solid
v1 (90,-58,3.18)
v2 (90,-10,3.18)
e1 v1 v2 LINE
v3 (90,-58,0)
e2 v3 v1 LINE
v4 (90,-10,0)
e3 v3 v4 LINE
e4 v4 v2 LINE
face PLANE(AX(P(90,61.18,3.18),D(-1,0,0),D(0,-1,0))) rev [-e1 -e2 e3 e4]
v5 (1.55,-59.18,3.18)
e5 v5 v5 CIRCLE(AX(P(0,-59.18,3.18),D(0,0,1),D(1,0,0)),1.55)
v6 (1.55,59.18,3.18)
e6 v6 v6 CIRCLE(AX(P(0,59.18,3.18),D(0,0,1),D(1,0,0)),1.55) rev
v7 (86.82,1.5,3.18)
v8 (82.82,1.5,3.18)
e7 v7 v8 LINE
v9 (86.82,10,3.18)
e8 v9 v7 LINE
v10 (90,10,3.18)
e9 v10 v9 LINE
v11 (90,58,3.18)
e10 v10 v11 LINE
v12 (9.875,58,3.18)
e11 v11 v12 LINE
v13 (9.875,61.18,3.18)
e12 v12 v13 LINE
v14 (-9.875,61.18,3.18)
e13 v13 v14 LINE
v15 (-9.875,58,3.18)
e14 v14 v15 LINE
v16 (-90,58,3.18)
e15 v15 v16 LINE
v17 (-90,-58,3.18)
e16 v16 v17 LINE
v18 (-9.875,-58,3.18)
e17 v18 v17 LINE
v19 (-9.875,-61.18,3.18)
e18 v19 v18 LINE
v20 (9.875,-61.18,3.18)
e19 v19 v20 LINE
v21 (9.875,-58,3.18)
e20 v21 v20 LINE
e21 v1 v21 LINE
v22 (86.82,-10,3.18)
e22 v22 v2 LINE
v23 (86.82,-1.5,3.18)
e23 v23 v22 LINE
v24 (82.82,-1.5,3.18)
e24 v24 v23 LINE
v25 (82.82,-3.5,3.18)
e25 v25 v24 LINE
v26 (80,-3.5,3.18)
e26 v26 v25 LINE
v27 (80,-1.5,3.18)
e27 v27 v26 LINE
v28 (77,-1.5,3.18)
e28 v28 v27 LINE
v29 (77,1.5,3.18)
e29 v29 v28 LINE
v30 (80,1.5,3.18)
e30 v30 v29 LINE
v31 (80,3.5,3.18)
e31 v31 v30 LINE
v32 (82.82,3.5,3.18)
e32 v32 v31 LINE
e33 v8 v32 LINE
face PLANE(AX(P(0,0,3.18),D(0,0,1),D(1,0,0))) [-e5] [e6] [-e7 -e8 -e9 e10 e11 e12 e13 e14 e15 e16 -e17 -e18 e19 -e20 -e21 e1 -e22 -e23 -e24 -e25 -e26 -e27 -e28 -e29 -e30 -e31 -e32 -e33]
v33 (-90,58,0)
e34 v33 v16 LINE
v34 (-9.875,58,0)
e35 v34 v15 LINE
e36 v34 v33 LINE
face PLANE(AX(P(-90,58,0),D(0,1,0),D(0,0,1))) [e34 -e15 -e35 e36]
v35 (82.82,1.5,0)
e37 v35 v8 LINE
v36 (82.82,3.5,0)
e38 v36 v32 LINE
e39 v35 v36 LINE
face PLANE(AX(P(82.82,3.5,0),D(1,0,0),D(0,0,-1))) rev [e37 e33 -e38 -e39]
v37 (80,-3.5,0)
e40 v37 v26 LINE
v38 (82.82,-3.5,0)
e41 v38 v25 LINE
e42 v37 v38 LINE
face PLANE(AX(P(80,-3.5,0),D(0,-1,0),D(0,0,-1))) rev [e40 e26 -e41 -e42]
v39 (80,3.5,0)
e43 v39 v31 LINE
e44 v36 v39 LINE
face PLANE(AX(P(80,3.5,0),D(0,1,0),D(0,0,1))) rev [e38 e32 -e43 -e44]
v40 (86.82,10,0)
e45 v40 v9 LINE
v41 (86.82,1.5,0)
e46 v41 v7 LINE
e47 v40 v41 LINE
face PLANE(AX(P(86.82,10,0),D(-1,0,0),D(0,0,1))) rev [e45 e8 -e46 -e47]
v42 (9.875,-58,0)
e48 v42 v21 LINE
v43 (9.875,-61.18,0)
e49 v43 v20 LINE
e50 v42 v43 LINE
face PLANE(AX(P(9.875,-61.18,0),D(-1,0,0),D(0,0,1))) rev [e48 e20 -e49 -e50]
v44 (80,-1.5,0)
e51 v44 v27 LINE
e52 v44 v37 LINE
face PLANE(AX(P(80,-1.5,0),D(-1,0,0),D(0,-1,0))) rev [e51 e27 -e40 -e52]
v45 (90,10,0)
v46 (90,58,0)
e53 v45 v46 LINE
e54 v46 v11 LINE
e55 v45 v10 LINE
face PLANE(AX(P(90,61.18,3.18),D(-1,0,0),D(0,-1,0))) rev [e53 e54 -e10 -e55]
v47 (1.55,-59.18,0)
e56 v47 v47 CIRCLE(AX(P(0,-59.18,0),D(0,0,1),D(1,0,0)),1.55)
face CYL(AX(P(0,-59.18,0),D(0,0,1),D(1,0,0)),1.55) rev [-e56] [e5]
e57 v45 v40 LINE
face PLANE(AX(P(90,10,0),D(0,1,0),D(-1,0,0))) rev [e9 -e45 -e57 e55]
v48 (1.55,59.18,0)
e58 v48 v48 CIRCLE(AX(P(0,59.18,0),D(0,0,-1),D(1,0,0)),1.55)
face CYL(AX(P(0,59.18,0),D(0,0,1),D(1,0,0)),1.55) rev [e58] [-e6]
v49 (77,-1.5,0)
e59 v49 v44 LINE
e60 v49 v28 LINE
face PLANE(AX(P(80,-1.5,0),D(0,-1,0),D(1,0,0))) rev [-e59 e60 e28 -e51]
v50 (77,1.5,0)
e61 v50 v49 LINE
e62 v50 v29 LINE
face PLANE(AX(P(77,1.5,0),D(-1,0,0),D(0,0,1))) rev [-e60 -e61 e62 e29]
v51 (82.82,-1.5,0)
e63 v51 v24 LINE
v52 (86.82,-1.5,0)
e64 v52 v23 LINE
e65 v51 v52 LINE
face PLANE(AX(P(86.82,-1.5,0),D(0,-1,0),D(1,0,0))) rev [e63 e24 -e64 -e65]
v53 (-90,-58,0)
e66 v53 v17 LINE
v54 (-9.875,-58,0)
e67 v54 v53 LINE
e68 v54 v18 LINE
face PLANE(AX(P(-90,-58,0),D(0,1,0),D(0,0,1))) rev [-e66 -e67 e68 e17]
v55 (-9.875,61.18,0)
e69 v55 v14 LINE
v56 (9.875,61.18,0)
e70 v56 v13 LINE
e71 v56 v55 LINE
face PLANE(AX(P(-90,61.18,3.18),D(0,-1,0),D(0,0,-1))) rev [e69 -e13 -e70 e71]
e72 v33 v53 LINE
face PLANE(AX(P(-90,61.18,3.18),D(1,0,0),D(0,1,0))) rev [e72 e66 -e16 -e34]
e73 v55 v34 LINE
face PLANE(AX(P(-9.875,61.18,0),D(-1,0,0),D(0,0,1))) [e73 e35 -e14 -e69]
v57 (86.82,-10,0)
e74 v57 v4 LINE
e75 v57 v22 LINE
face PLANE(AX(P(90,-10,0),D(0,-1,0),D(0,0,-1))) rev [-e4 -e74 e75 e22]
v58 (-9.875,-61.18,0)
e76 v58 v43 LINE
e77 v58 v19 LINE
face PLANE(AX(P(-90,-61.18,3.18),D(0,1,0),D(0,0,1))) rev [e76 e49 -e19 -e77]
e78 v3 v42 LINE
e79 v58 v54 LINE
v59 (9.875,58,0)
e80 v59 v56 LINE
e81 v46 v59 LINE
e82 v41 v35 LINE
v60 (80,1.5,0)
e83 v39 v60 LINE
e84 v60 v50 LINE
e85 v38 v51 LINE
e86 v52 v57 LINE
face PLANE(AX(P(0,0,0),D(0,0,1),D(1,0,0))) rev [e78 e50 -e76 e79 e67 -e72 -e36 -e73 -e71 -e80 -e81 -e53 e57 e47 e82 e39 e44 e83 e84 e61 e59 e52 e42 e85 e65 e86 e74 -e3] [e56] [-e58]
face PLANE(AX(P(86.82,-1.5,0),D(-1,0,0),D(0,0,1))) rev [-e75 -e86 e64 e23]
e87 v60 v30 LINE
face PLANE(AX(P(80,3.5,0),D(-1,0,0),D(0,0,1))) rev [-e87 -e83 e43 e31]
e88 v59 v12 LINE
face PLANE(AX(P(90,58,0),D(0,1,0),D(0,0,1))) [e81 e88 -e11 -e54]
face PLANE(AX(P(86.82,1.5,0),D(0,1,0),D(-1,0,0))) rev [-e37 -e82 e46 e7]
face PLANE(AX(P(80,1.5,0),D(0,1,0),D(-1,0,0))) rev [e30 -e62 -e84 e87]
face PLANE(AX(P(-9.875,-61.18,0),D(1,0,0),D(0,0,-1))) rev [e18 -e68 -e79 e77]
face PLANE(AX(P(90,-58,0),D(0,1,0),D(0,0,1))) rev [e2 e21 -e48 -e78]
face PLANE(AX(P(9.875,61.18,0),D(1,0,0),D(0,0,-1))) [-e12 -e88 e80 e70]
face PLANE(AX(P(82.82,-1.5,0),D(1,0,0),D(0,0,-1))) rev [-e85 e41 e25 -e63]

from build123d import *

# Parameters (mm, degrees)
SKETCH1_W               = 180
SKETCH1_H               = 122.36
BOSS_EXTRUDE1_DEPTH     = 3.18
CUT_EXTRUDE1_DEPTH      = 1
CUT_EXTRUDE1_DEPTH_BACK = 4.18
CUT_EXTRUDE2_START      = -4.18
SKETCH3_W               = 80.125
SKETCH3_H               = 3.18
CUT_EXTRUDE2_DEPTH      = 5.18
CUT_EXTRUDE3_START      = -4.18
SKETCH4_R               = 1.55
CUT_EXTRUDE3_DEPTH      = 5.18


with BuildPart() as part:
    # Sketch1 → Boss-Extrude1 (new body)
    with BuildSketch(Plane.XY):
        Rectangle(SKETCH1_W, SKETCH1_H)
    extrude(amount=BOSS_EXTRUDE1_DEPTH)

    # Sketch2 → Cut-Extrude1 (cut, two sides)
    with BuildSketch(Plane.XY.offset(3.18)) as cut_extrude1_sk:
        Polygon((80, 1.5), (77, 1.5), (77, -1.5), (80, -1.5), (80, -3.5), (82.82, -3.5), (82.82, -1.5), (86.82, -1.5), (86.82, -10), (90, -10), (90, 10), (86.82, 10), (86.82, 1.5), (82.82, 1.5), (82.82, 3.5), (80, 3.5), align=None)
    extrude(amount=CUT_EXTRUDE1_DEPTH, mode=Mode.SUBTRACT)
    extrude(cut_extrude1_sk.sketch, amount=-CUT_EXTRUDE1_DEPTH_BACK, mode=Mode.SUBTRACT)

    # Sketch3 → Cut-Extrude2 (cut)
    with BuildSketch(Plane.XY.offset(3.18).offset(CUT_EXTRUDE2_START)):
        with Locations((-49.9375, -59.59)):
            Rectangle(SKETCH3_W, SKETCH3_H)
        with Locations((49.9375, -59.59)):
            Rectangle(SKETCH3_W, SKETCH3_H)
    cut_extrude2 = extrude(amount=CUT_EXTRUDE2_DEPTH, mode=Mode.SUBTRACT)

    # Mirror1: Cut-Extrude2 across plane
    add(cut_extrude2.mirror(Plane.ZX), mode=Mode.SUBTRACT)

    # Sketch4 → Cut-Extrude3 (cut)
    with BuildSketch(Plane.XY.offset(3.18).offset(CUT_EXTRUDE3_START)):
        with Locations((0, -59.18)):
            Circle(SKETCH4_R)
    cut_extrude3 = extrude(amount=CUT_EXTRUDE3_DEPTH, mode=Mode.SUBTRACT)

    # Mirror2: Cut-Extrude3 across plane
    add(cut_extrude3.mirror(Plane.ZX), mode=Mode.SUBTRACT)


solid = part.part
